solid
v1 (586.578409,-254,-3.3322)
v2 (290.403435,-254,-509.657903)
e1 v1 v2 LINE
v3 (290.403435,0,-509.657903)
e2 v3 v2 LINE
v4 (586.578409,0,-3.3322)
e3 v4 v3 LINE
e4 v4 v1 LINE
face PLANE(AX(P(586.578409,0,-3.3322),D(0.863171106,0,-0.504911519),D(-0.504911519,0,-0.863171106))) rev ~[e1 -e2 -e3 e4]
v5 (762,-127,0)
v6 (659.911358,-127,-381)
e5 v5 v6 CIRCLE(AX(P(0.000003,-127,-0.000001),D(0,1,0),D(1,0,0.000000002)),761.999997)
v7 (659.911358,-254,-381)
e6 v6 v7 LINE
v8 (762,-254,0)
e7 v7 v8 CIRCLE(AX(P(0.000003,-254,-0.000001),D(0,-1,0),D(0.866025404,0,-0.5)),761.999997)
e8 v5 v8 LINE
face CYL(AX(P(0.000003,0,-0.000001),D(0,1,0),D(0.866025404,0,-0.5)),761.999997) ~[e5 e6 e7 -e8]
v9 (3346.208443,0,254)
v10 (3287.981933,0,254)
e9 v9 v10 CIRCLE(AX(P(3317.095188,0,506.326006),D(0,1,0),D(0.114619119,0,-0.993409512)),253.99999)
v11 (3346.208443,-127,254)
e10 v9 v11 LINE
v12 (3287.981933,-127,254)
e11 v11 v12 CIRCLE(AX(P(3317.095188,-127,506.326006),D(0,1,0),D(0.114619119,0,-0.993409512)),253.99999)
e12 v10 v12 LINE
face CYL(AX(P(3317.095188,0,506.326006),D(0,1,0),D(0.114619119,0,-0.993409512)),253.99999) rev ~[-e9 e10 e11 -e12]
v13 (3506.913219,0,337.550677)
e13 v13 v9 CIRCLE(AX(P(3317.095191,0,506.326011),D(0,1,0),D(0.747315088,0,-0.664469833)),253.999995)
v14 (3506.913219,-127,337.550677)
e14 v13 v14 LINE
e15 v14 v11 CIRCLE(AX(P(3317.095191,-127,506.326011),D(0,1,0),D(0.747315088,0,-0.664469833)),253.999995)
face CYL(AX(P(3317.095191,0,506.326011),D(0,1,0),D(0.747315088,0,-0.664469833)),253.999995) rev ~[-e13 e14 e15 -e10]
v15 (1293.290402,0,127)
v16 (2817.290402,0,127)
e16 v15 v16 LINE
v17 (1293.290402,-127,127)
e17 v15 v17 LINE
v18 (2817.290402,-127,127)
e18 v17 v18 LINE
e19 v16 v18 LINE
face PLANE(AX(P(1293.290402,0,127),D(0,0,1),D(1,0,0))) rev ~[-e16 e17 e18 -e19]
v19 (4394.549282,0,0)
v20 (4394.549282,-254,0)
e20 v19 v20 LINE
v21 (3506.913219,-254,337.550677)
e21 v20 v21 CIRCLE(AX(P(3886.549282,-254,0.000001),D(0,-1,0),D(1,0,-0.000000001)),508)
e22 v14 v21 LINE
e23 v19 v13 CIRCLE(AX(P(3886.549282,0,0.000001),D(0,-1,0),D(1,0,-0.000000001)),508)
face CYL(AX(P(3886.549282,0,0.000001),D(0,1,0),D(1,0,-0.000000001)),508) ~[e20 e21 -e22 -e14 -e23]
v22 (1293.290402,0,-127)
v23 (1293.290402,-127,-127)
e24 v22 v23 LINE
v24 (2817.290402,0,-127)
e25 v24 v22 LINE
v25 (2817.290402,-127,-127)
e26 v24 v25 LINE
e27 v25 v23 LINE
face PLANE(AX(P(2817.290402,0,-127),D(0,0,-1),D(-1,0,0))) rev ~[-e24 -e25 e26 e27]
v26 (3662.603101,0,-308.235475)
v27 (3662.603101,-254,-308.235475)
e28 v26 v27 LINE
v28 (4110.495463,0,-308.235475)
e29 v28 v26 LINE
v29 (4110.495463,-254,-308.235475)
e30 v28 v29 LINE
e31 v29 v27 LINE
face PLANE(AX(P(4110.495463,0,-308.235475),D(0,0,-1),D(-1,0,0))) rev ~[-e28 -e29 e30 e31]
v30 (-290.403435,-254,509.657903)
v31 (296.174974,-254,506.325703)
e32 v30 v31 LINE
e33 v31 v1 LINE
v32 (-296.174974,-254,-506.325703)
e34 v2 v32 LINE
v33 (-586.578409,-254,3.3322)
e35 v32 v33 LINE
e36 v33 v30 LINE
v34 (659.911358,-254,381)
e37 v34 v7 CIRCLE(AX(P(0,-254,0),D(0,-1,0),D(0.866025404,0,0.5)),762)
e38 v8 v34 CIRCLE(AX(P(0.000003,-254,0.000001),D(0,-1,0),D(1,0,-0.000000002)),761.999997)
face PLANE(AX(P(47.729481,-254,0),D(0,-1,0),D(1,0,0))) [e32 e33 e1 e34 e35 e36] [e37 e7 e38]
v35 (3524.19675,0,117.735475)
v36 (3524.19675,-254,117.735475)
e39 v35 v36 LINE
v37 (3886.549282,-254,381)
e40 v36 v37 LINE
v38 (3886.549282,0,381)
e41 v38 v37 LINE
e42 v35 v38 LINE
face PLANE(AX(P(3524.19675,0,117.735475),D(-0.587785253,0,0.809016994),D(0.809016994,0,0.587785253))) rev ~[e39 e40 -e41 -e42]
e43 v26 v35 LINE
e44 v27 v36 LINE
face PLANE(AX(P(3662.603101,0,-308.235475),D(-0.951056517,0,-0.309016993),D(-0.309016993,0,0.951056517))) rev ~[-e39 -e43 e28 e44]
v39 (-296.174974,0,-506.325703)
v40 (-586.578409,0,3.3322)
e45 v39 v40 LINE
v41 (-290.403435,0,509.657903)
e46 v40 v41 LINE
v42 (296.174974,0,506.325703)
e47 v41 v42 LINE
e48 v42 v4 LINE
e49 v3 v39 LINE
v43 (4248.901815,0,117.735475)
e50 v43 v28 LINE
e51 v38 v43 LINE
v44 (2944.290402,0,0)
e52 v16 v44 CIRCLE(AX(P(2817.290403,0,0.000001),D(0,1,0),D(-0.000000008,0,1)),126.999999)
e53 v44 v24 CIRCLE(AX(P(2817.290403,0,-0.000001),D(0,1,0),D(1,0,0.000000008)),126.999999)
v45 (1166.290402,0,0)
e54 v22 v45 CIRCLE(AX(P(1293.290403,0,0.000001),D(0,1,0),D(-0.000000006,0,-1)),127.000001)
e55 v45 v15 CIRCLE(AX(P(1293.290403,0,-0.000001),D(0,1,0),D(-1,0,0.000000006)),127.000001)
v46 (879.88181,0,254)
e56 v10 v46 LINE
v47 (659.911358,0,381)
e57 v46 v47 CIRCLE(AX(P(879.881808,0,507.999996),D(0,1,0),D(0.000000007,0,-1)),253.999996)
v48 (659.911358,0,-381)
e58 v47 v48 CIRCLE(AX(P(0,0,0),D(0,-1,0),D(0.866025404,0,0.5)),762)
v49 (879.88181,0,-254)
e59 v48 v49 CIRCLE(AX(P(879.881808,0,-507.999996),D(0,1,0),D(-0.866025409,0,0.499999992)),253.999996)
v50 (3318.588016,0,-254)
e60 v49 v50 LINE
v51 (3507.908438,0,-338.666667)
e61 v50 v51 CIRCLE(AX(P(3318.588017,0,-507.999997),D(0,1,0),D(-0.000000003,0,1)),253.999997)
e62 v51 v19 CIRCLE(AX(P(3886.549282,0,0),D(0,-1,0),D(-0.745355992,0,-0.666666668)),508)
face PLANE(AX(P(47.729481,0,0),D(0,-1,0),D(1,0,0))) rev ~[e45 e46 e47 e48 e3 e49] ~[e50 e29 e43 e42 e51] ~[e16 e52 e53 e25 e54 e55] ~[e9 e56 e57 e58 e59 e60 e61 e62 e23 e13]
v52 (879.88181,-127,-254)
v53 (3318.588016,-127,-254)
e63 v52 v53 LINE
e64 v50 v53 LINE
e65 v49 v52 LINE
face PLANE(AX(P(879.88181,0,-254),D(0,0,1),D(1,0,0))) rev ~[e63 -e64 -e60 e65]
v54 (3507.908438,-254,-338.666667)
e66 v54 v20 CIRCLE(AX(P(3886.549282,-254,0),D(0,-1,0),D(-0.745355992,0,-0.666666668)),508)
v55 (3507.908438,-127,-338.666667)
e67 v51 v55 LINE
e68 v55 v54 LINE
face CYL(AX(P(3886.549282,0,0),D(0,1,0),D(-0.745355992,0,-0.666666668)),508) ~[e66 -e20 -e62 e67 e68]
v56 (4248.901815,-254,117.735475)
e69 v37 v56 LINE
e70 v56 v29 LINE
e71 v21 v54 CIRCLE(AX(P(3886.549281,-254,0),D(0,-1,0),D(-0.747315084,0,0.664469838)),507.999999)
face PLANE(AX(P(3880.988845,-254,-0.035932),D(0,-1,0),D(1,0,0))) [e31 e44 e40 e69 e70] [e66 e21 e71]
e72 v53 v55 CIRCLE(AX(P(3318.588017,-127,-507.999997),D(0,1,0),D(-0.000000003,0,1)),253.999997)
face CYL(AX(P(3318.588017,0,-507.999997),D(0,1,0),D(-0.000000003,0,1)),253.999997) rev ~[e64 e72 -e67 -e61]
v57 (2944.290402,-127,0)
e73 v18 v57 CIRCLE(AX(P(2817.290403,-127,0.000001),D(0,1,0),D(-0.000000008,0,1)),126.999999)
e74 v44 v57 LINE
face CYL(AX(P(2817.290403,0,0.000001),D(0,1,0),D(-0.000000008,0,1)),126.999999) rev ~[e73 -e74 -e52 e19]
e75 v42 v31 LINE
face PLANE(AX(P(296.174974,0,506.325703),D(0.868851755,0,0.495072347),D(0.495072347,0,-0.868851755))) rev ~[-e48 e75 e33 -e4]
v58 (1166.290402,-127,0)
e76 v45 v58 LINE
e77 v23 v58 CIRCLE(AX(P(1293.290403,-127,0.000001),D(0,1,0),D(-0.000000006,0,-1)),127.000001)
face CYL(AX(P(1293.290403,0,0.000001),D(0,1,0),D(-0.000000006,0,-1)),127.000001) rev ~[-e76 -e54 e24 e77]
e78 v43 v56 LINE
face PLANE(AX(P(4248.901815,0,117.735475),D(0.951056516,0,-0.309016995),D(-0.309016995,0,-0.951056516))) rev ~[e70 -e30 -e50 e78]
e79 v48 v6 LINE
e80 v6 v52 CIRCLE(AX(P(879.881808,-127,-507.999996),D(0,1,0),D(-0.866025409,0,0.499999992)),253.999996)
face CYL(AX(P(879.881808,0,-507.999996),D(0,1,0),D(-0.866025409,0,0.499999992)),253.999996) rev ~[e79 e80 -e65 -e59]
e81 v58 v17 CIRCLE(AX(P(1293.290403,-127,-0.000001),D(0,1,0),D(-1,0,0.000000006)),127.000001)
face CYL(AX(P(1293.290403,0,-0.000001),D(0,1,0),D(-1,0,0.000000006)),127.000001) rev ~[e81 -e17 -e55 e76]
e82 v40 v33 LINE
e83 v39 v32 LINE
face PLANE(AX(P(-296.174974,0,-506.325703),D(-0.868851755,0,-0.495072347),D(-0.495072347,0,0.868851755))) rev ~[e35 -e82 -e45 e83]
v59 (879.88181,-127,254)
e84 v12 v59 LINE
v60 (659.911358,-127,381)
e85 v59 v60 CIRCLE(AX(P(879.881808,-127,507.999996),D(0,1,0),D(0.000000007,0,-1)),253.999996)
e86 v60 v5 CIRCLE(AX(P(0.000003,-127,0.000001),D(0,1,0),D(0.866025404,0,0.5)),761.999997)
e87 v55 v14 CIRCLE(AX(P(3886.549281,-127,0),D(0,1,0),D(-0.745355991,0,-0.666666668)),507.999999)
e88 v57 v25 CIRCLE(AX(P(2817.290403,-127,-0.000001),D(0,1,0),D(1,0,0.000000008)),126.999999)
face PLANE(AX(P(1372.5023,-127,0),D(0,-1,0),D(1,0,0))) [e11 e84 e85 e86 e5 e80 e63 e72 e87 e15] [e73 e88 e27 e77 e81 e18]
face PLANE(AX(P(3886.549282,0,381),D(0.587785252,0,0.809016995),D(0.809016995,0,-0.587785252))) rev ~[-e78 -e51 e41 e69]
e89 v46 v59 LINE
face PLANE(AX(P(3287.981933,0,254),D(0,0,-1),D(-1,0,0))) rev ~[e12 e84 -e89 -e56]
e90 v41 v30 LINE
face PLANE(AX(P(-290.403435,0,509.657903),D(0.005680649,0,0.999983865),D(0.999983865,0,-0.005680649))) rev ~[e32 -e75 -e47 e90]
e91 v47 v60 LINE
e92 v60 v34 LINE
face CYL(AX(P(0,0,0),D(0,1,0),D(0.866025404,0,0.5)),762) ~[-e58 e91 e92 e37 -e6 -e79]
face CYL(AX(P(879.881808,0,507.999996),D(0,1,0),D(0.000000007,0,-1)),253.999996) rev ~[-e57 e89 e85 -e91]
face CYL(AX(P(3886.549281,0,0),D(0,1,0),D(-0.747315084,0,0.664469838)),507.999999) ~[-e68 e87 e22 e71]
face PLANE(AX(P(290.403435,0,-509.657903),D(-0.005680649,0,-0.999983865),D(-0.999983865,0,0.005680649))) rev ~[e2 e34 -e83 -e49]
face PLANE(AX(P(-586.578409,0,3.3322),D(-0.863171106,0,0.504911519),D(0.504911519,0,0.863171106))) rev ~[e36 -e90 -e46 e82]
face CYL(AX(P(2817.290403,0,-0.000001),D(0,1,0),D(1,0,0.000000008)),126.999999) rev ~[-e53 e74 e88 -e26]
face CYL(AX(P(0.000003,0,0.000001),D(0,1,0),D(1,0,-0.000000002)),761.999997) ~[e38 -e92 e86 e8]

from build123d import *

# Parameters (mm, degrees)
F1_DEPTH = 127
F2_DEPTH = 254


with BuildPart() as f1:
    # F0 (on Front) → F1 (new body)
    with BuildSketch(Plane.XZ):
        with BuildLine():
            ThreePointArc((659.911358, 381), (736.03548, 197.220112), (762, 0))
            ThreePointArc((762, 0), (736.03548, -197.220112), (659.911358, -381))
            ThreePointArc((659.911358, -381), (752.88181, -288.029547), (879.88181, -254))
            Line((879.88181, -254), (2070.274641, -254))
            Line((2070.274641, -254), (2070.274641, -127))
            Line((2070.274641, -127), (1293.290402, -127))
            ThreePointArc((1293.290402, -127), (1203.487841, -89.802561), (1166.290402, 0))
            ThreePointArc((1166.290402, 0), (1203.487841, 89.802561), (1293.290402, 127))
            Line((1293.290402, 127), (2070.274641, 127))
            Line((2070.274641, 127), (2070.274641, 254))
            Line((2070.274641, 254), (879.88181, 254))
            ThreePointArc((879.88181, 254), (752.88181, 288.029547), (659.911358, 381))
        make_face()
        with BuildLine():
            Line((3287.981933, 254), (2070.274641, 254))
            Line((2070.274641, 254), (2070.274641, 127))
            Line((2070.274641, 127), (2817.290402, 127))
            ThreePointArc((2817.290402, 127), (2907.092964, 89.802561), (2944.290402, 0))
            ThreePointArc((2944.290402, 0), (2907.092964, -89.802561), (2817.290402, -127))
            Line((2817.290402, -127), (2070.274641, -127))
            Line((2070.274641, -127), (2070.274641, -254))
            Line((2070.274641, -254), (3318.588016, -254))
            ThreePointArc((3318.588016, -254), (3422.283082, -276.130784), (3507.908438, -338.666667))
            ThreePointArc((3507.908438, -338.666667), (3378.549832, -0.747645), (3506.913219, 337.550677))
            ThreePointArc((3506.913219, 337.550677), (3434.261335, 280.963876), (3346.208443, 254))
            ThreePointArc((3346.208443, 254), (3317.095188, 252.326016), (3287.981933, 254))
        make_face()
    extrude(amount=F1_DEPTH)

    # F0 (on Front) → F2 (join)
    with BuildSketch(Plane.XZ):
        with BuildLine():
            ThreePointArc((659.911358, -381), (736.03548, -197.220112), (762, 0))
            ThreePointArc((762, 0), (736.03548, 197.220112), (659.911358, 381))
            ThreePointArc((659.911358, 381), (-762, 0), (659.911358, -381))
        make_face()
        Polygon((-296.174974, -506.325703), (-586.578409, 3.3322), (-290.403435, 509.657903), (296.174974, 506.325703), (586.578409, -3.3322), (290.403435, -509.657903), align=None, mode=Mode.SUBTRACT)
        with BuildLine():
            ThreePointArc((3506.913219, 337.550677), (3378.549832, -0.747645), (3507.908438, -338.666667))
            ThreePointArc((3507.908438, -338.666667), (4067.814904, -474.559558), (4394.549282, 0))
            ThreePointArc((4394.549282, 0), (4067.116278, 474.825821), (3506.913219, 337.550677))
        make_face()
        Polygon((4248.901815, 117.735475), (4110.495463, -308.235475), (3662.603101, -308.235475), (3524.19675, 117.735475), (3886.549282, 381), align=None, mode=Mode.SUBTRACT)
    extrude(amount=F2_DEPTH)


solid = f1.part
